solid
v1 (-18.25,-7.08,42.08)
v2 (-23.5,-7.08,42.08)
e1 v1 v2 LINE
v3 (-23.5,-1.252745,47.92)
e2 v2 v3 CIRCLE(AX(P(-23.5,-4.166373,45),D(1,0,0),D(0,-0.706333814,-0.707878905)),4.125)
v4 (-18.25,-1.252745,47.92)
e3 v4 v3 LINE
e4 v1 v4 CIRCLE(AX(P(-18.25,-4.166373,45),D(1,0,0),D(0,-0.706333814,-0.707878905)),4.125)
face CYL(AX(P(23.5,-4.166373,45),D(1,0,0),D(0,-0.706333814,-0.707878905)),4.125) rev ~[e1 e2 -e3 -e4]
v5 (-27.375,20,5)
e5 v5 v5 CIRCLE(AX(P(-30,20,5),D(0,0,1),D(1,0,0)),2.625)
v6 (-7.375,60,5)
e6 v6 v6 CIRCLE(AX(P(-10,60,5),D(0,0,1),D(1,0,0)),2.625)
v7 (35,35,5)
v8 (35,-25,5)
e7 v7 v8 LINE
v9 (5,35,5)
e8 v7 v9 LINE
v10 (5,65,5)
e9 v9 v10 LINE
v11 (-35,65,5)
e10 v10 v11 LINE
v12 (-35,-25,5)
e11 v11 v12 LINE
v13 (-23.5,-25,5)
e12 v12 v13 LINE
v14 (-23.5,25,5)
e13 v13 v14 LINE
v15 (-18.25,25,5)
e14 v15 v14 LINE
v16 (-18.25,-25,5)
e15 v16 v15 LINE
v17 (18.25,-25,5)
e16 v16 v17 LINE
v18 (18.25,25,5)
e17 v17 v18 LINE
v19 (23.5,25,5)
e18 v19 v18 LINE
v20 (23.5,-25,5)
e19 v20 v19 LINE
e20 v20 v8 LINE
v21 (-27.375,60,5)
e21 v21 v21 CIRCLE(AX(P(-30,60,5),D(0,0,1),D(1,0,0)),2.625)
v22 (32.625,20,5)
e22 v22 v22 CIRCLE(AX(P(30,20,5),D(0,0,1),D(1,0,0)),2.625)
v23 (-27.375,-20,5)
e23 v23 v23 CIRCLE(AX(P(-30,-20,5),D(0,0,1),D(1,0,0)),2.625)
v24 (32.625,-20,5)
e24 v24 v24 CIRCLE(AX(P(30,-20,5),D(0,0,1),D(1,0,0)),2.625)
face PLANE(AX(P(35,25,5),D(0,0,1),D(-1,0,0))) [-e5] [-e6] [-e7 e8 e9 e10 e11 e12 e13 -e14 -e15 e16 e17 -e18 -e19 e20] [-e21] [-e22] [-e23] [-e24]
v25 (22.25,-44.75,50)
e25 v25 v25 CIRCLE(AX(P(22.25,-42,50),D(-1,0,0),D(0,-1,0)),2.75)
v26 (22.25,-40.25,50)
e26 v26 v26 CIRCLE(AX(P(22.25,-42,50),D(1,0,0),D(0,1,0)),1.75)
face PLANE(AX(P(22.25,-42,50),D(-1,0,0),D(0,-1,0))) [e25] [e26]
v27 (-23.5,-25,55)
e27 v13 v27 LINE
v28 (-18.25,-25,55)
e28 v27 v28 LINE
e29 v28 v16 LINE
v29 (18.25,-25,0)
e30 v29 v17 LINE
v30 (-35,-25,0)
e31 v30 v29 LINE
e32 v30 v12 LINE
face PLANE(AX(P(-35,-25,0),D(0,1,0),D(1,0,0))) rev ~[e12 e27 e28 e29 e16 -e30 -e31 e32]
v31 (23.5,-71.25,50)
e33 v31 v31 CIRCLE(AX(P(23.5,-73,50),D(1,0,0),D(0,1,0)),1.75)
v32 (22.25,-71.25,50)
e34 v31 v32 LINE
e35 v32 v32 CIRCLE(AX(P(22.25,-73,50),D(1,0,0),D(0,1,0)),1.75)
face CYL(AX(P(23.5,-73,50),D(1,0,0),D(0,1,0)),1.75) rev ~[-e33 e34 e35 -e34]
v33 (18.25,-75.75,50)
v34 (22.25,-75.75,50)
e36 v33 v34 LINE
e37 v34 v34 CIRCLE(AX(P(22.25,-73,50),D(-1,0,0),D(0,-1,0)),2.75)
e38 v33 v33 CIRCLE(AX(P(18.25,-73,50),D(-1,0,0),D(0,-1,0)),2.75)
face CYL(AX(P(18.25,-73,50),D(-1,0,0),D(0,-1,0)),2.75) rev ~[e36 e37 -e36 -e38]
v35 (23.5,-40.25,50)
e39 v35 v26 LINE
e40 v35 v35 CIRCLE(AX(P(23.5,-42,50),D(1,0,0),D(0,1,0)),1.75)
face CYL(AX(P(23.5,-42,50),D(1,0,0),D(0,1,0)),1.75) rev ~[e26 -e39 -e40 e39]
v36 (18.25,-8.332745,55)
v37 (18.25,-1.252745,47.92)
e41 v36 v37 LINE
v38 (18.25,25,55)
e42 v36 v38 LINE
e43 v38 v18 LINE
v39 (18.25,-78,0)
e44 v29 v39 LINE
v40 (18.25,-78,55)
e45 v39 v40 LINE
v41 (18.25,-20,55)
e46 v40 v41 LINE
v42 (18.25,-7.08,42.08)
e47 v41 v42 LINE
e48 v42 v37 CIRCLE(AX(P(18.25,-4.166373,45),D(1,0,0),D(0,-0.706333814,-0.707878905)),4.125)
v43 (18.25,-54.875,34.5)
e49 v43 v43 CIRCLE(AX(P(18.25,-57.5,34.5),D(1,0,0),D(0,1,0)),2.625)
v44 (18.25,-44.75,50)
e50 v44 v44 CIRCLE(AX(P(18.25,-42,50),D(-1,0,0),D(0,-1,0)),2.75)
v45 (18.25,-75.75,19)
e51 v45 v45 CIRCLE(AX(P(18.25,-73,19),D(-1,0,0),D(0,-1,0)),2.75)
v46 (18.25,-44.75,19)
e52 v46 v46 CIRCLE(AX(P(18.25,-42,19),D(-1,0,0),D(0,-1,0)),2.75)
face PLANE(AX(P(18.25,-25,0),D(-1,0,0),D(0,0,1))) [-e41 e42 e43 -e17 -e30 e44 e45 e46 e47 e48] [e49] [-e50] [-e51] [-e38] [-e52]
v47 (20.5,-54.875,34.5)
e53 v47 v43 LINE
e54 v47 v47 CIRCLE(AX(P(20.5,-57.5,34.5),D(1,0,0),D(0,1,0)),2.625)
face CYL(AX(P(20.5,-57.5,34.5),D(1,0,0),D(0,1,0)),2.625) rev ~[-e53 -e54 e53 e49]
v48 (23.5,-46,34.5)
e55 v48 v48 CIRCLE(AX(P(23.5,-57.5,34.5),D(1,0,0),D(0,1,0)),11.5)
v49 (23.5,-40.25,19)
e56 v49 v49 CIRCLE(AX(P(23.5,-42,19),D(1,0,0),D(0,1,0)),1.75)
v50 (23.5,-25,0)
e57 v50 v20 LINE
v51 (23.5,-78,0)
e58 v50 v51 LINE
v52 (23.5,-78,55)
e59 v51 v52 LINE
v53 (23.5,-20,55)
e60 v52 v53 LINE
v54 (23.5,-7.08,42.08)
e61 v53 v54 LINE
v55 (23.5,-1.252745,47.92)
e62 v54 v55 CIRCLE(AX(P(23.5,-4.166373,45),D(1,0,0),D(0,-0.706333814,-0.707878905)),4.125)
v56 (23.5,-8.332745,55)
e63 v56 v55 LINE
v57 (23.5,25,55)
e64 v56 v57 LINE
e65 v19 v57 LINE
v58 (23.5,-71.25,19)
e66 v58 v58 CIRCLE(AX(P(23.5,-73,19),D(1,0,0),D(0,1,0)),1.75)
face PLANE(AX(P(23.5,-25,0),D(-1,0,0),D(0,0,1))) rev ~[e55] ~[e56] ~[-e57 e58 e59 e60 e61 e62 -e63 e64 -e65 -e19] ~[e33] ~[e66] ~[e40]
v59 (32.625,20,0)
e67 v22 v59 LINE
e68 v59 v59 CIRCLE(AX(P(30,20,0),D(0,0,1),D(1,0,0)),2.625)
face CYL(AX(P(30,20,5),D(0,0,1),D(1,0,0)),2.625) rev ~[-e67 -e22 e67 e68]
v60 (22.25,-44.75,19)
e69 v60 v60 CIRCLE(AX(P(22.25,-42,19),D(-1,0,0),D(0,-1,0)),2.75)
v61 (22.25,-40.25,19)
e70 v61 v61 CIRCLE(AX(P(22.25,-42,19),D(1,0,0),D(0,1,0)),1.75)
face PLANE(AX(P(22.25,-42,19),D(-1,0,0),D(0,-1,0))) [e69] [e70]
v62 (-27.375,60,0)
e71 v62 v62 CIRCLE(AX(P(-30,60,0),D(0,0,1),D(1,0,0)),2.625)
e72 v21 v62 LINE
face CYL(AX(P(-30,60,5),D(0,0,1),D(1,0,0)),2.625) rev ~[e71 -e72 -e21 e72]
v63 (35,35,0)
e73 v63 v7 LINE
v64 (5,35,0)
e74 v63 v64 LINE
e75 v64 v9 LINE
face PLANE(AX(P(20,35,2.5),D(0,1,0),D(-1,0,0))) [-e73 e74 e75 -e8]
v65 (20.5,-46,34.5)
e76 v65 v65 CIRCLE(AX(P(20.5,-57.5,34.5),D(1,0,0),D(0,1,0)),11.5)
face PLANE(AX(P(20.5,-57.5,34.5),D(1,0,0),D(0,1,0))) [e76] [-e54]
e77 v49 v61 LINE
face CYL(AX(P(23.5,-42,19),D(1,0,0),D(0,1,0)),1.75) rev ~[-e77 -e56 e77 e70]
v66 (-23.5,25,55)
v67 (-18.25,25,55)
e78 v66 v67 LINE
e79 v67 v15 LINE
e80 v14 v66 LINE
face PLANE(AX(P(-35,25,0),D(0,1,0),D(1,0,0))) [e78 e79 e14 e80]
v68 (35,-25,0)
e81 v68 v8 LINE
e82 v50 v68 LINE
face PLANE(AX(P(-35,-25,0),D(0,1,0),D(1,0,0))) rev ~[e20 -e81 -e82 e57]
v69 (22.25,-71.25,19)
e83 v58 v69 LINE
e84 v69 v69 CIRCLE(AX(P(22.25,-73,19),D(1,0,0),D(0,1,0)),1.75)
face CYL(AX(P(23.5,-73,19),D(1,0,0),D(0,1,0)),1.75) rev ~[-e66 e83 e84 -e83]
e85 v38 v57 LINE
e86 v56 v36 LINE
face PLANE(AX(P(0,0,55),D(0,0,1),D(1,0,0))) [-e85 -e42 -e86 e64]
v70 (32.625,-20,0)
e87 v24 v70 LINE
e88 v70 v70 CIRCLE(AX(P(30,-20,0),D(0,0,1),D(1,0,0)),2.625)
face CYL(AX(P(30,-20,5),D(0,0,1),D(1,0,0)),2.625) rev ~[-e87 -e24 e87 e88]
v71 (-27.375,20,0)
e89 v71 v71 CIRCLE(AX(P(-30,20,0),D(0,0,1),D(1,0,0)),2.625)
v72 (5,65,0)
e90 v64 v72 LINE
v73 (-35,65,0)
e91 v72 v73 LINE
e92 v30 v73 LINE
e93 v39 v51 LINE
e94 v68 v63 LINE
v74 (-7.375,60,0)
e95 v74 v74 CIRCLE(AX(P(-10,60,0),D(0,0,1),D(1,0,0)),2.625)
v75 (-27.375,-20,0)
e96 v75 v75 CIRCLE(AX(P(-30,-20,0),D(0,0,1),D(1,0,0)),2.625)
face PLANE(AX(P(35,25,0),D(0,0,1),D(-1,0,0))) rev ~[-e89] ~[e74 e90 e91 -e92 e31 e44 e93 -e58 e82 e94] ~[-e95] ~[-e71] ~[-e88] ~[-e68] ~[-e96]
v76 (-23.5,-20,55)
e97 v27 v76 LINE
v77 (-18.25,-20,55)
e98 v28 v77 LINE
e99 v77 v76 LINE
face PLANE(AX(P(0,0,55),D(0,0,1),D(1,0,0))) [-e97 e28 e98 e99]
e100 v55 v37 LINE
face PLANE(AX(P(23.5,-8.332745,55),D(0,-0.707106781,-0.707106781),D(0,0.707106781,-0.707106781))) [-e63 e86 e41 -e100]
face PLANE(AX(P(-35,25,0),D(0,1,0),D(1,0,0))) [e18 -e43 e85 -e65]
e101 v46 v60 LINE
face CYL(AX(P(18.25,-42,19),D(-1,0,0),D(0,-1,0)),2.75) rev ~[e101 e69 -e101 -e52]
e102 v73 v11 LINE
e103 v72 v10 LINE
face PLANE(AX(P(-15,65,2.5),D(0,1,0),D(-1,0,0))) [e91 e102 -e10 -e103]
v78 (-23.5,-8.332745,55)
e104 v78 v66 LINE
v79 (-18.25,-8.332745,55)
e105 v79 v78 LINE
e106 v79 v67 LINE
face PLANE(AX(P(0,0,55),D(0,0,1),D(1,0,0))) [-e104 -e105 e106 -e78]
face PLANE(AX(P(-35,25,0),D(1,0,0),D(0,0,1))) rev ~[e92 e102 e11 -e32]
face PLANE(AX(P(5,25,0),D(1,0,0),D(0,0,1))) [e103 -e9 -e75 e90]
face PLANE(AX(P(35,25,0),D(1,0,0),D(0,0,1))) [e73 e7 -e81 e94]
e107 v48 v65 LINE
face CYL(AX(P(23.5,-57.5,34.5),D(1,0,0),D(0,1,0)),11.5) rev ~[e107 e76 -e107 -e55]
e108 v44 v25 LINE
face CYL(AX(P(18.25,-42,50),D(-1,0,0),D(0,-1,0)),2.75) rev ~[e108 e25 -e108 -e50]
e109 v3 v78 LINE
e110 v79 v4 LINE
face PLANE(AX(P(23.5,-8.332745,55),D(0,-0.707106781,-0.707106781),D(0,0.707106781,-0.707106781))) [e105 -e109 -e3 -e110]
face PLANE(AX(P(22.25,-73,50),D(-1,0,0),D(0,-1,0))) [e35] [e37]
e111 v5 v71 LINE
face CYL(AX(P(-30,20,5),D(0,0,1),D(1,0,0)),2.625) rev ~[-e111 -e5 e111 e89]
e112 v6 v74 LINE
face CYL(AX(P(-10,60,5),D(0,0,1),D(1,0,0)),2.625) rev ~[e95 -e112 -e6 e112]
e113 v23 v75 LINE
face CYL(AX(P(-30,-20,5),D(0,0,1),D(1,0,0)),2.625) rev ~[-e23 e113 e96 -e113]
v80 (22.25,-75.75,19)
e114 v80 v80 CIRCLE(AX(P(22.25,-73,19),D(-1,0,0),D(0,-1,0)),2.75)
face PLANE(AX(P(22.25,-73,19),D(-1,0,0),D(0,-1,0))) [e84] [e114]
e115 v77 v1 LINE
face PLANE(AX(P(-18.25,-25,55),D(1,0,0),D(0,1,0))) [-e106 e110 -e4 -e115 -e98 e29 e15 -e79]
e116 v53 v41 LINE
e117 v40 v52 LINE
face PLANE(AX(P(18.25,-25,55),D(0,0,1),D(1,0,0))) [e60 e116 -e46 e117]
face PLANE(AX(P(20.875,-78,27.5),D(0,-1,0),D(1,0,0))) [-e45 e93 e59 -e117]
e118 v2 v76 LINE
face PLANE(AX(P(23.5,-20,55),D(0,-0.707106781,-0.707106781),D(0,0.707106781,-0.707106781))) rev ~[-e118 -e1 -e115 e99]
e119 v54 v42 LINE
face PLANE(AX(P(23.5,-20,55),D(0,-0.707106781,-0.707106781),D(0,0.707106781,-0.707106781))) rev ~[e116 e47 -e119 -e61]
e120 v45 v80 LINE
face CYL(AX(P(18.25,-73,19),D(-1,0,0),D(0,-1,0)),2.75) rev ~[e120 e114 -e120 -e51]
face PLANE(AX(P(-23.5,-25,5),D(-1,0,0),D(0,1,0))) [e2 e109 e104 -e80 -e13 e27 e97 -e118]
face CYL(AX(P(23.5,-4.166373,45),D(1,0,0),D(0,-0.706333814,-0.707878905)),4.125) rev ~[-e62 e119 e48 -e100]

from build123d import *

# Parameters (mm, degrees)
SKETCH_W        = 70
SKETCH_H        = 50
PAD_DEPTH       = 5
SKETCH001_R     = 2.625
POCKET_DEPTH    = 5
SKETCH002_W     = 47
SKETCH002_H     = 50
PAD001_DEPTH    = 50
SKETCH003_W     = 36.5
SKETCH003_H     = 50
POCKET001_DEPTH = 50
POCKET002_DEPTH = 40
POCKET003_DEPTH = 50
SKETCH005_W     = 5.25
SKETCH005_H     = 55
PAD002_DEPTH    = 53
SKETCH006_R     = 1.75
POCKET004_DEPTH = 7
SKETCH007_R     = 11.5
POCKET005_DEPTH = 3
SKETCH008_R     = 2.75
POCKET006_DEPTH = 4
SKETCH009_R     = 2.625
POCKET007_DEPTH = 5
SKETCH010_W     = 40
SKETCH010_H     = 5
PAD003_DEPTH    = 40
SKETCH011_R     = 2.625
POCKET008_DEPTH = 5
SKETCH012_W     = 30
SKETCH012_H     = 5
PAD004_DEPTH    = 10


with BuildPart() as part:
    # Sketch → Pad (new body)
    with BuildSketch(Plane.XY):
        Rectangle(SKETCH_W, SKETCH_H)
    extrude(amount=PAD_DEPTH)

    # Sketch001 (on Face6 of Pad) → Pocket (cut)
    with BuildSketch(Plane.XY.offset(5)):
        with Locations((-30, 20)):
            Circle(SKETCH001_R)
        with Locations((30, 20)):
            Circle(SKETCH001_R)
        with Locations((30, -20)):
            Circle(SKETCH001_R)
        with Locations((-30, -20)):
            Circle(SKETCH001_R)
    extrude(amount=-POCKET_DEPTH, mode=Mode.SUBTRACT)

    # Sketch002 (on Face5 of Pocket) → Pad001 (join)
    with BuildSketch(Plane.XY.offset(5)):
        Rectangle(SKETCH002_W, SKETCH002_H)
    extrude(amount=PAD001_DEPTH)

    # Sketch003 (on Face16 of Pad001) → Pocket001 (cut)
    with BuildSketch(Plane.XY.offset(55)):
        Rectangle(SKETCH003_W, SKETCH003_H)
    extrude(amount=-POCKET001_DEPTH, mode=Mode.SUBTRACT)

    # Sketch004 (on Face18 of Pocket001) → Pocket002 (cut)
    with BuildSketch(Plane.YZ.offset(23.5)):
        with BuildLine():
            Line((-8.332745, 55), (-1.252745, 47.92))
            ThreePointArc((-7.08, 42.08), (-1.246373, 42.086373), (-1.252745, 47.92))
            Line((-20, 55), (-7.08, 42.08))
            Line((-20, 55), (-8.332745, 55))
        make_face()
    extrude(amount=-POCKET002_DEPTH, mode=Mode.SUBTRACT)

    # Sketch004 (on Face18 of Pocket001) → Pocket003 (cut)
    with BuildSketch(Plane.YZ.offset(23.5)):
        with BuildLine():
            Line((-8.332745, 55), (-1.252745, 47.92))
            ThreePointArc((-7.08, 42.08), (-1.246373, 42.086373), (-1.252745, 47.92))
            Line((-20, 55), (-7.08, 42.08))
            Line((-20, 55), (-8.332745, 55))
        make_face()
    extrude(amount=-POCKET003_DEPTH, mode=Mode.SUBTRACT)

    # Sketch005 (on Face8 of Pocket003) → Pad002 (join)
    with BuildSketch(Plane.XZ.offset(25)):
        with Locations((20.875, 27.5)):
            Rectangle(SKETCH005_W, SKETCH005_H)
    extrude(amount=PAD002_DEPTH)

    # Sketch006 (on Face28 of Pad002) → Pocket004 (cut)
    with BuildSketch(Plane.YZ.offset(23.5)):
        with Locations((-73, 50)):
            Circle(SKETCH006_R)
        with Locations((-42, 50)):
            Circle(SKETCH006_R)
        with Locations((-42, 19)):
            Circle(SKETCH006_R)
        with Locations((-73, 19)):
            Circle(SKETCH006_R)
    extrude(amount=-POCKET004_DEPTH, mode=Mode.SUBTRACT)

    # Sketch007 (on Face32 of Pocket004) → Pocket005 (cut)
    with BuildSketch(Plane.YZ.offset(23.5)):
        with Locations((-57.5, 34.5)):
            Circle(SKETCH007_R)
    extrude(amount=-POCKET005_DEPTH, mode=Mode.SUBTRACT)

    # Sketch008 (on Face8 of Pocket005) → Pocket006 (cut)
    with BuildSketch(Plane(origin=(18.25, 0, 0), x_dir=(0, -1, 0), z_dir=(-1, 0, 0))):
        with Locations((42, 50)):
            Circle(SKETCH008_R)
        with Locations((73, 50)):
            Circle(SKETCH008_R)
        with Locations((73, 19)):
            Circle(SKETCH008_R)
        with Locations((42, 19)):
            Circle(SKETCH008_R)
    extrude(amount=-POCKET006_DEPTH, mode=Mode.SUBTRACT)

    # Sketch009 (on Face49 of Pocket006) → Pocket007 (cut)
    with BuildSketch(Plane.YZ.offset(20.5)):
        with Locations((-57.5, 34.5)):
            Circle(SKETCH009_R)
    extrude(amount=-POCKET007_DEPTH, mode=Mode.SUBTRACT)

    # Sketch010 (on Face3 of Pocket007) → Pad003 (join)
    with BuildSketch(Plane(origin=(0, 25, 0), x_dir=(-1, 0, 0), z_dir=(0, 1, 0))):
        with Locations((15, 2.5)):
            Rectangle(SKETCH010_W, SKETCH010_H)
    extrude(amount=PAD003_DEPTH)

    # Sketch011 (on Face10 of Pad003) → Pocket008 (cut)
    with BuildSketch(Plane.XY.offset(5)):
        with Locations((-30, 60)):
            Circle(SKETCH011_R)
        with Locations((-10, 60)):
            Circle(SKETCH011_R)
    extrude(amount=-POCKET008_DEPTH, mode=Mode.SUBTRACT)

    # Sketch012 (on Face14 of Pocket008) → Pad004 (join)
    with BuildSketch(Plane(origin=(0, 25, 0), x_dir=(-1, 0, 0), z_dir=(0, 1, 0))):
        with Locations((-20, 2.5)):
            Rectangle(SKETCH012_W, SKETCH012_H)
    extrude(amount=PAD004_DEPTH)


solid = part.part
